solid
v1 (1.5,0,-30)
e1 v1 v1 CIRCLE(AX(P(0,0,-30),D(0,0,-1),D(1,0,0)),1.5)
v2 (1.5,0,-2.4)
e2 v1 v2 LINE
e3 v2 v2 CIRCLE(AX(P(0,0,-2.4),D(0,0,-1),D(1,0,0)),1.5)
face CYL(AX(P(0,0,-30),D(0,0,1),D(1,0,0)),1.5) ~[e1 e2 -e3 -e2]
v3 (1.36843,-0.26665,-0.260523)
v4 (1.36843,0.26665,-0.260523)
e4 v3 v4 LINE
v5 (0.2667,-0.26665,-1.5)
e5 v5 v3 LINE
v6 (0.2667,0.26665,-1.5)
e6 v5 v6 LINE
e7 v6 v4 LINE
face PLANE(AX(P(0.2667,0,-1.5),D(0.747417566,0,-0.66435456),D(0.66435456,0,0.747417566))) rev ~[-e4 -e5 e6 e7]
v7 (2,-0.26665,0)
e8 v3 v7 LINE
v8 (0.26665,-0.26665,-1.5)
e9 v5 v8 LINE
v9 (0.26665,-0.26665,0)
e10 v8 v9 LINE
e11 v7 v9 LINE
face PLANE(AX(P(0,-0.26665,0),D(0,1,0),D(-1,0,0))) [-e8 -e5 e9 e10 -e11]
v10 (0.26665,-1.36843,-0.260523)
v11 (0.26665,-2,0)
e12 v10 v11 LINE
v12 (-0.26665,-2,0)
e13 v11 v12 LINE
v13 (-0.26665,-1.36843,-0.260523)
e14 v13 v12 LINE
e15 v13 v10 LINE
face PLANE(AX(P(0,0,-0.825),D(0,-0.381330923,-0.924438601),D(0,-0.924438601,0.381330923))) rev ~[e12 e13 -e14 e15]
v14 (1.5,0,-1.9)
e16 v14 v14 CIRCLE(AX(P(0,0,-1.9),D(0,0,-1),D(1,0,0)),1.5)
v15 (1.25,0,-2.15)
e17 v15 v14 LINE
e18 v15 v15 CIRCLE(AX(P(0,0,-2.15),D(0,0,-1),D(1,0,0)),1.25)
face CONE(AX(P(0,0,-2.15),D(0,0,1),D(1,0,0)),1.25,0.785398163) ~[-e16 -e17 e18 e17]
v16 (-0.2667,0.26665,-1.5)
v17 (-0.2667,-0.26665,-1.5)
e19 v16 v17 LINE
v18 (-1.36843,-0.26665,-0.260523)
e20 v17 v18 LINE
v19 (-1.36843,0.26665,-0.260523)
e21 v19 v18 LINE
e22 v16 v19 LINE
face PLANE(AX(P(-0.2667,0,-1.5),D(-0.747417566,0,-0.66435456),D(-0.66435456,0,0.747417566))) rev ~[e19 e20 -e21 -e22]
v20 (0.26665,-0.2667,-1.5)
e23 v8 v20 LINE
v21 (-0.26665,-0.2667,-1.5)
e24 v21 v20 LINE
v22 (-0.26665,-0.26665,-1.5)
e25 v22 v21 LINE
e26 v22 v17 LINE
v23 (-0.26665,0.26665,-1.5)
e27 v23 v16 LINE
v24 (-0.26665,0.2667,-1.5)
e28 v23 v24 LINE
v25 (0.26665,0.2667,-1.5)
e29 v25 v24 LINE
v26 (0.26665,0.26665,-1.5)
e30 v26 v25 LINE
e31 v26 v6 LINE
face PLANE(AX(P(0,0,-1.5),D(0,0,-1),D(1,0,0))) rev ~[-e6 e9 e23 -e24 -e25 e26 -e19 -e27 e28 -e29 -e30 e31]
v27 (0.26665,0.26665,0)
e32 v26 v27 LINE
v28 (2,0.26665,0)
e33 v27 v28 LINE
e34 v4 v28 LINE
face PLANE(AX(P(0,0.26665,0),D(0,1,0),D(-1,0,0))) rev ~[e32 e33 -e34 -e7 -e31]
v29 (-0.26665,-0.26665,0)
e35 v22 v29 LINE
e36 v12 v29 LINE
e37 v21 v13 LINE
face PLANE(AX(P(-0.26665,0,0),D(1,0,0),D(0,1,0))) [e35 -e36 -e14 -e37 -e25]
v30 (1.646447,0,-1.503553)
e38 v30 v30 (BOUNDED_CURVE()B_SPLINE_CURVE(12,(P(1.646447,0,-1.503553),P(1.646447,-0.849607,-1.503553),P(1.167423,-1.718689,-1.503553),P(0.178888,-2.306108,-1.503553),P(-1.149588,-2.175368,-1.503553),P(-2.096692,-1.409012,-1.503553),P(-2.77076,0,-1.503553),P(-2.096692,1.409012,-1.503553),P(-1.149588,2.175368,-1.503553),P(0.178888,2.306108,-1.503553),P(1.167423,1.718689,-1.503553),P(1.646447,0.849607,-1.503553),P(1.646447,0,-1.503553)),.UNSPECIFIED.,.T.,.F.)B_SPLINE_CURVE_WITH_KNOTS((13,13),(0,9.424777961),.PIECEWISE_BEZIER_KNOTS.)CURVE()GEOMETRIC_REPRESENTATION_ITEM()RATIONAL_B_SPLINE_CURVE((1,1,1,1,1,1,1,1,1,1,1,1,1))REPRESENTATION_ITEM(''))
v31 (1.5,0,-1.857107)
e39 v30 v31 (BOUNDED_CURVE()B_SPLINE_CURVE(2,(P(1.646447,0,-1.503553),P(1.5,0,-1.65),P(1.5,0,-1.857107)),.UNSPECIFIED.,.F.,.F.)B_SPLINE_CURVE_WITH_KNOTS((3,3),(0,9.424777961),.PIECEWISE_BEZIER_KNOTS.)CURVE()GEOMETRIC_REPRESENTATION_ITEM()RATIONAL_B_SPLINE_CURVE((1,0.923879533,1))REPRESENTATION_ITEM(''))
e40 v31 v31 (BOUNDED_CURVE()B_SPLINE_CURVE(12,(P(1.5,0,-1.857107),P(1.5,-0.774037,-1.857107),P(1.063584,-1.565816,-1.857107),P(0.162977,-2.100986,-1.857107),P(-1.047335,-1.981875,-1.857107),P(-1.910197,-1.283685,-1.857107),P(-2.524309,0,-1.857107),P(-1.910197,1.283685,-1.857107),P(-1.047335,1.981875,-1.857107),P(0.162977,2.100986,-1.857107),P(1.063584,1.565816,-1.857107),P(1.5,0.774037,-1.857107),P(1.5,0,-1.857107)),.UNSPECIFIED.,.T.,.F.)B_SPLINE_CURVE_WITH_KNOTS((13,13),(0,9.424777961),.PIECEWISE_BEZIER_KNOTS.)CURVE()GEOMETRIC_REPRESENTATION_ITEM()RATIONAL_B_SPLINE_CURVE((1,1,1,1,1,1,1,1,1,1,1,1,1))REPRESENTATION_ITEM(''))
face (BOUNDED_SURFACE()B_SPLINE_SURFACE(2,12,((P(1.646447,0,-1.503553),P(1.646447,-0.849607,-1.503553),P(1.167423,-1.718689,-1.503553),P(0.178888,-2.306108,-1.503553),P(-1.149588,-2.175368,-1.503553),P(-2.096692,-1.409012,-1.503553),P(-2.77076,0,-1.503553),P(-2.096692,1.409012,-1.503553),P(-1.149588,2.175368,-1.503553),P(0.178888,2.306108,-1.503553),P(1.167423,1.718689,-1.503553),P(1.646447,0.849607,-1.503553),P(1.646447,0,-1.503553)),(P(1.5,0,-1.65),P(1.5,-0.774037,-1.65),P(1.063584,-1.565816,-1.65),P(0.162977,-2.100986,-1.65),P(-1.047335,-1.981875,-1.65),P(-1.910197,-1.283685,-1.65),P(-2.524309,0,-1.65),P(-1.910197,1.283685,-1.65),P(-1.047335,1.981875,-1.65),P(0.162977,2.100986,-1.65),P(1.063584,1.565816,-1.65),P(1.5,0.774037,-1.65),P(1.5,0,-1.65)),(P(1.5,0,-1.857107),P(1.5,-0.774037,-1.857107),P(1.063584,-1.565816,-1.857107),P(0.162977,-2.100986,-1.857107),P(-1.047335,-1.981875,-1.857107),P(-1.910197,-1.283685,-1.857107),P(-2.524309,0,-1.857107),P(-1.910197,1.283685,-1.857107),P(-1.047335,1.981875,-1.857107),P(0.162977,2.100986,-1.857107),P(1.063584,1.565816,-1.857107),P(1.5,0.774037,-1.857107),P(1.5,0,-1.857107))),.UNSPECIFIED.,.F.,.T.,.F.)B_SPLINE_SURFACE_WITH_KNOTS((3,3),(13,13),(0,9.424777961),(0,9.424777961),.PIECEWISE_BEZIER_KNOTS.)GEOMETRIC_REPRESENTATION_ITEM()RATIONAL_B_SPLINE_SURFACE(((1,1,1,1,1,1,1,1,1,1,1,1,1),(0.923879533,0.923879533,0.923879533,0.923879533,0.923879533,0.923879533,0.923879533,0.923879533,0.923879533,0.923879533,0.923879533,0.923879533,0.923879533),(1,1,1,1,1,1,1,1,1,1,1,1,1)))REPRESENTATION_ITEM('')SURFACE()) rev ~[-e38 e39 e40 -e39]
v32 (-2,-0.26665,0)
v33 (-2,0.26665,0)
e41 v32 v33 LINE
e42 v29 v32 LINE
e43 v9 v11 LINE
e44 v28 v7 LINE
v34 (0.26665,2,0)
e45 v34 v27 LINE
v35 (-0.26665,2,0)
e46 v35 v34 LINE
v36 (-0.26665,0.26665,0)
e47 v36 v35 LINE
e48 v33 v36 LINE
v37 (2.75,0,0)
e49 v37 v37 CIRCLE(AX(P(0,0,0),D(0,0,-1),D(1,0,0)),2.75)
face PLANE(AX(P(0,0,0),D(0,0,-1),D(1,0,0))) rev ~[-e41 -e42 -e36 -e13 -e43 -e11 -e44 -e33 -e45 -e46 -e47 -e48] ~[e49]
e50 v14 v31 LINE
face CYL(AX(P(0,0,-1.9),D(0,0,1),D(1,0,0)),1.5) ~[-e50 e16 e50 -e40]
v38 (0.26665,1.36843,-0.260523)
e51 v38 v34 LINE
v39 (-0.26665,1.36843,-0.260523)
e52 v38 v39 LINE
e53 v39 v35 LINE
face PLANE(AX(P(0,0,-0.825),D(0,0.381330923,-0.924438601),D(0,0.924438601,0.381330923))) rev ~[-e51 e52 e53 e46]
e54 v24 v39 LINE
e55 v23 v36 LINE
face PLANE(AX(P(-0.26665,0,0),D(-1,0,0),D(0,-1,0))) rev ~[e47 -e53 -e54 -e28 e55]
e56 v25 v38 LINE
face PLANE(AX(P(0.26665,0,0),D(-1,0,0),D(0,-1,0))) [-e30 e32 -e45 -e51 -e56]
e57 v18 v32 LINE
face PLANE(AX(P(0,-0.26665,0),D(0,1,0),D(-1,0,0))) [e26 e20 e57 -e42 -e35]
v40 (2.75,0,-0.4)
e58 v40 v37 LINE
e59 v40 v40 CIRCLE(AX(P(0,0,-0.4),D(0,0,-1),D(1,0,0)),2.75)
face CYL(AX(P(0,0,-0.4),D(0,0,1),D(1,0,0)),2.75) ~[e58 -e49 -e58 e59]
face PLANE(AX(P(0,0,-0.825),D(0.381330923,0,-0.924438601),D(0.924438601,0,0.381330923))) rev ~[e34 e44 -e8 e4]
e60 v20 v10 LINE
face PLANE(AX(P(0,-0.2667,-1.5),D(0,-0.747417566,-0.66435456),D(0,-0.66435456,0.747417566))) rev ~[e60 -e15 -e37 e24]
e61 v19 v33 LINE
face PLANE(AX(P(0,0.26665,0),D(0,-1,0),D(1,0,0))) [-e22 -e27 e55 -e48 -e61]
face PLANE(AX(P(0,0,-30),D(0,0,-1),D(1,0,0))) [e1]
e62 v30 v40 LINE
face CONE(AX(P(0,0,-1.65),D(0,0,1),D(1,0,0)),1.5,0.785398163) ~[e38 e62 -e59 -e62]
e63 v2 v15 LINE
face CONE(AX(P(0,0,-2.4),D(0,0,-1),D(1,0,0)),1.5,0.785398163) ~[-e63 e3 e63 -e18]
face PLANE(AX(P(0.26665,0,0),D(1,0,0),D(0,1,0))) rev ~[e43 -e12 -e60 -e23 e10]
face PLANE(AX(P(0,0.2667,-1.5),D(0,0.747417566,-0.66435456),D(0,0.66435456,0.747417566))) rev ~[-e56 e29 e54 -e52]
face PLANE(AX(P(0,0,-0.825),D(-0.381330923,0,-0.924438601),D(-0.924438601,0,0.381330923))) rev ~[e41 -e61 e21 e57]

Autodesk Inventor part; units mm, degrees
ref_plane "YZ Plane" through (0, 0, 0) normal (1, 0, 0) x (0, 1, 0)
sketch "Esquisse1" plane through (0, 0, 0) normal (0, 1, 0) x (-1, 0, 0)
  point P0 (0, 0)
sketch "Esquisse2" plane through (0, 0, 0) normal (0, 0, 1) x (1, 0, 0)
  point P0 (0, 0)
sketch "Esquisse3" plane through (0, 0, 0) normal (0, 0, 1) x (1, 0, 0)
  point P0 (0, 0)
sketch "Esquisse4" plane through (0, 0, 0) normal (0, 1, 0) x (-1, 0, 0)
  line L0 (-2.75, 0) -> (0, 0)
  line L1 (-2.75, -0.4) -> (-2.75, 0)
  line L2 (-1.5, -1.65) -> (-2.75, -0.4)
  line L3 (-1.5, -1.9) -> (-1.5, -1.65)
  line L4 (-1.25, -2.15) -> (-1.5, -1.9)
  line L5 (-1.5, -2.4) -> (-1.25, -2.15)
  line L6 (-1.5, -30) -> (-1.5, -2.4)
  line L7 (0, 0) -> (0, -30)
  line L8 (0, 3.3392) -> (0, -10.7) construction
  line L9 (0, 3.3392) -> (0, -10.7)
  line L10 (0, -36.6678) -> (0, 10.0071) projected
  line L11 (-1.5, -30) -> (0, -30)
  line L12 (0.55, 0) -> (-3.3, 0) projected
  dimension "d3" = 2.75
  dimension "d5" = 0.25
  dimension "d7" = 0.25
  dimension "d9" = 0.25
  dimension "d11" = 1.65
  dimension "d13" = 135
  dimension "d17" = 1.25
  dimension "d19" = 0
  dimension "d51" = 1.5
  dimension "d52" = 30
revolve "Révolution1" add sketch "Esquisse4" angle 360 about axis through (0, 0, 3.3392) along (0, 0, -1)
sketch "Esquisse5" plane through (0, 0, 0) normal (0, 1, 0) x (-1, 0, 0)
  line L0 (-1.6, 0) -> (0, 0)
  line L1 (-0.2667, -1.5) -> (-1.6, 0)
  line L2 (0, -1.5) -> (-0.2667, -1.5)
  line L3 (0, 0) -> (0, -1.5)
  line L4 (-1.5, -1.65) -> (1.5, -1.65) construction
  line L5 (-2.75, 0) -> (2.75, 0) projected
  line L6 (0, -1.98) -> (0, 0.33) projected
  dimension "d22" = 1.6
  dimension "d24" = 0.2667
  dimension "d26" = 1.5
extrude "Extrusion1" cut sketch "Esquisse5" along normal mid plane 0.5333
pattern_circular "RéseauPolaire1" count 4 over 360 about axis through (0, 0, 0) along (0, 0, 1) of "Extrusion1"
sketch "Esquisse7" plane through (0, 0, 0) normal (0, 1, 0) x (-1, 0, 0)
  line L0 (0, -0.825) -> (-2, 0)
  line L1 (0, 0) -> (0, -0.825)
  line L2 (-2, 0) -> (0, 0)
  line L3 (-1.5, -1.65) -> (1.5, -1.65) construction
  line L4 (0, -1.98) -> (0, 0.33) projected
  line L5 (-2.75, 0) -> (2.75, 0) projected
  dimension "d33" = 2
  dimension "d35" = 0.825
extrude "Extrusion2" cut sketch "Esquisse7" along normal mid plane 0.5333
pattern_circular "RéseauPolaire2" count 4 over 360 about axis through (0, 0, 0) along (0, 0, 1) of "Extrusion2"
fillet "Congé1" radius 0.5 1 edges at (-1.5, 0, -1.65)
thread "Filetage1" size "M3x0.5" class "6g" standard "ISO Metric profile" full length
ref_plane "MSC_PF1" through (0, 0, 0) normal (1, 0, 0) x (0, 1, 0)
ref_plane "MSC_PT1" through (0, 0, 0) normal (0, 0, -1) x (-1, 0, 0)
equation "\"d3\" = 0.5 * Dh"
equation "\"d5\" = msp_x"
equation "\"d7\" = ParA"
equation "\"d9\" = msp_x"
equation "\"d11\" = ParK"
equation "\"d17\" = 0.5 * msp_mdtds"
equation "\"d51\" = 0.5 * NND"
equation "\"d52\" = NLG"
equation "\"d22\" = 0.5 * M"
equation "\"d24\" = 0.0833333 * M"
equation "\"d26\" = 0.909091 * ParK"
equation "\"d27\" = 0.166667 * M"
equation "\"d33\" = 0.625 * M"
equation "\"d35\" = 0.5 * ParK"
equation "\"d36\" = 0.166667 * M"
equation "\"d41\" = 2 * msp_x"
equation "\"PTC\" = 0.5"
equation "\"NLG\" = 30"
equation "\"ParK\" = 1.65"
equation "\"NND\" = 3"
equation "\"M\" = 3.2"
equation "\"msp_mdtds\" = NND - PTC"
equation "\"Dh\" = 5.5"
equation "\"msp_x\" = 0.5 * PTC"
equation "\"ParA\" = 0.5 * PTC"
equation "\"r\" = 0.8"
equation "\"THREADDIA\" = NND"
equation "\"TEMPLATE\" = 1.2345"
properties part number "NF EN ISO 7046-2 H - M3x30 - 8.8 - H1" material "Acier inoxydable 440C"
